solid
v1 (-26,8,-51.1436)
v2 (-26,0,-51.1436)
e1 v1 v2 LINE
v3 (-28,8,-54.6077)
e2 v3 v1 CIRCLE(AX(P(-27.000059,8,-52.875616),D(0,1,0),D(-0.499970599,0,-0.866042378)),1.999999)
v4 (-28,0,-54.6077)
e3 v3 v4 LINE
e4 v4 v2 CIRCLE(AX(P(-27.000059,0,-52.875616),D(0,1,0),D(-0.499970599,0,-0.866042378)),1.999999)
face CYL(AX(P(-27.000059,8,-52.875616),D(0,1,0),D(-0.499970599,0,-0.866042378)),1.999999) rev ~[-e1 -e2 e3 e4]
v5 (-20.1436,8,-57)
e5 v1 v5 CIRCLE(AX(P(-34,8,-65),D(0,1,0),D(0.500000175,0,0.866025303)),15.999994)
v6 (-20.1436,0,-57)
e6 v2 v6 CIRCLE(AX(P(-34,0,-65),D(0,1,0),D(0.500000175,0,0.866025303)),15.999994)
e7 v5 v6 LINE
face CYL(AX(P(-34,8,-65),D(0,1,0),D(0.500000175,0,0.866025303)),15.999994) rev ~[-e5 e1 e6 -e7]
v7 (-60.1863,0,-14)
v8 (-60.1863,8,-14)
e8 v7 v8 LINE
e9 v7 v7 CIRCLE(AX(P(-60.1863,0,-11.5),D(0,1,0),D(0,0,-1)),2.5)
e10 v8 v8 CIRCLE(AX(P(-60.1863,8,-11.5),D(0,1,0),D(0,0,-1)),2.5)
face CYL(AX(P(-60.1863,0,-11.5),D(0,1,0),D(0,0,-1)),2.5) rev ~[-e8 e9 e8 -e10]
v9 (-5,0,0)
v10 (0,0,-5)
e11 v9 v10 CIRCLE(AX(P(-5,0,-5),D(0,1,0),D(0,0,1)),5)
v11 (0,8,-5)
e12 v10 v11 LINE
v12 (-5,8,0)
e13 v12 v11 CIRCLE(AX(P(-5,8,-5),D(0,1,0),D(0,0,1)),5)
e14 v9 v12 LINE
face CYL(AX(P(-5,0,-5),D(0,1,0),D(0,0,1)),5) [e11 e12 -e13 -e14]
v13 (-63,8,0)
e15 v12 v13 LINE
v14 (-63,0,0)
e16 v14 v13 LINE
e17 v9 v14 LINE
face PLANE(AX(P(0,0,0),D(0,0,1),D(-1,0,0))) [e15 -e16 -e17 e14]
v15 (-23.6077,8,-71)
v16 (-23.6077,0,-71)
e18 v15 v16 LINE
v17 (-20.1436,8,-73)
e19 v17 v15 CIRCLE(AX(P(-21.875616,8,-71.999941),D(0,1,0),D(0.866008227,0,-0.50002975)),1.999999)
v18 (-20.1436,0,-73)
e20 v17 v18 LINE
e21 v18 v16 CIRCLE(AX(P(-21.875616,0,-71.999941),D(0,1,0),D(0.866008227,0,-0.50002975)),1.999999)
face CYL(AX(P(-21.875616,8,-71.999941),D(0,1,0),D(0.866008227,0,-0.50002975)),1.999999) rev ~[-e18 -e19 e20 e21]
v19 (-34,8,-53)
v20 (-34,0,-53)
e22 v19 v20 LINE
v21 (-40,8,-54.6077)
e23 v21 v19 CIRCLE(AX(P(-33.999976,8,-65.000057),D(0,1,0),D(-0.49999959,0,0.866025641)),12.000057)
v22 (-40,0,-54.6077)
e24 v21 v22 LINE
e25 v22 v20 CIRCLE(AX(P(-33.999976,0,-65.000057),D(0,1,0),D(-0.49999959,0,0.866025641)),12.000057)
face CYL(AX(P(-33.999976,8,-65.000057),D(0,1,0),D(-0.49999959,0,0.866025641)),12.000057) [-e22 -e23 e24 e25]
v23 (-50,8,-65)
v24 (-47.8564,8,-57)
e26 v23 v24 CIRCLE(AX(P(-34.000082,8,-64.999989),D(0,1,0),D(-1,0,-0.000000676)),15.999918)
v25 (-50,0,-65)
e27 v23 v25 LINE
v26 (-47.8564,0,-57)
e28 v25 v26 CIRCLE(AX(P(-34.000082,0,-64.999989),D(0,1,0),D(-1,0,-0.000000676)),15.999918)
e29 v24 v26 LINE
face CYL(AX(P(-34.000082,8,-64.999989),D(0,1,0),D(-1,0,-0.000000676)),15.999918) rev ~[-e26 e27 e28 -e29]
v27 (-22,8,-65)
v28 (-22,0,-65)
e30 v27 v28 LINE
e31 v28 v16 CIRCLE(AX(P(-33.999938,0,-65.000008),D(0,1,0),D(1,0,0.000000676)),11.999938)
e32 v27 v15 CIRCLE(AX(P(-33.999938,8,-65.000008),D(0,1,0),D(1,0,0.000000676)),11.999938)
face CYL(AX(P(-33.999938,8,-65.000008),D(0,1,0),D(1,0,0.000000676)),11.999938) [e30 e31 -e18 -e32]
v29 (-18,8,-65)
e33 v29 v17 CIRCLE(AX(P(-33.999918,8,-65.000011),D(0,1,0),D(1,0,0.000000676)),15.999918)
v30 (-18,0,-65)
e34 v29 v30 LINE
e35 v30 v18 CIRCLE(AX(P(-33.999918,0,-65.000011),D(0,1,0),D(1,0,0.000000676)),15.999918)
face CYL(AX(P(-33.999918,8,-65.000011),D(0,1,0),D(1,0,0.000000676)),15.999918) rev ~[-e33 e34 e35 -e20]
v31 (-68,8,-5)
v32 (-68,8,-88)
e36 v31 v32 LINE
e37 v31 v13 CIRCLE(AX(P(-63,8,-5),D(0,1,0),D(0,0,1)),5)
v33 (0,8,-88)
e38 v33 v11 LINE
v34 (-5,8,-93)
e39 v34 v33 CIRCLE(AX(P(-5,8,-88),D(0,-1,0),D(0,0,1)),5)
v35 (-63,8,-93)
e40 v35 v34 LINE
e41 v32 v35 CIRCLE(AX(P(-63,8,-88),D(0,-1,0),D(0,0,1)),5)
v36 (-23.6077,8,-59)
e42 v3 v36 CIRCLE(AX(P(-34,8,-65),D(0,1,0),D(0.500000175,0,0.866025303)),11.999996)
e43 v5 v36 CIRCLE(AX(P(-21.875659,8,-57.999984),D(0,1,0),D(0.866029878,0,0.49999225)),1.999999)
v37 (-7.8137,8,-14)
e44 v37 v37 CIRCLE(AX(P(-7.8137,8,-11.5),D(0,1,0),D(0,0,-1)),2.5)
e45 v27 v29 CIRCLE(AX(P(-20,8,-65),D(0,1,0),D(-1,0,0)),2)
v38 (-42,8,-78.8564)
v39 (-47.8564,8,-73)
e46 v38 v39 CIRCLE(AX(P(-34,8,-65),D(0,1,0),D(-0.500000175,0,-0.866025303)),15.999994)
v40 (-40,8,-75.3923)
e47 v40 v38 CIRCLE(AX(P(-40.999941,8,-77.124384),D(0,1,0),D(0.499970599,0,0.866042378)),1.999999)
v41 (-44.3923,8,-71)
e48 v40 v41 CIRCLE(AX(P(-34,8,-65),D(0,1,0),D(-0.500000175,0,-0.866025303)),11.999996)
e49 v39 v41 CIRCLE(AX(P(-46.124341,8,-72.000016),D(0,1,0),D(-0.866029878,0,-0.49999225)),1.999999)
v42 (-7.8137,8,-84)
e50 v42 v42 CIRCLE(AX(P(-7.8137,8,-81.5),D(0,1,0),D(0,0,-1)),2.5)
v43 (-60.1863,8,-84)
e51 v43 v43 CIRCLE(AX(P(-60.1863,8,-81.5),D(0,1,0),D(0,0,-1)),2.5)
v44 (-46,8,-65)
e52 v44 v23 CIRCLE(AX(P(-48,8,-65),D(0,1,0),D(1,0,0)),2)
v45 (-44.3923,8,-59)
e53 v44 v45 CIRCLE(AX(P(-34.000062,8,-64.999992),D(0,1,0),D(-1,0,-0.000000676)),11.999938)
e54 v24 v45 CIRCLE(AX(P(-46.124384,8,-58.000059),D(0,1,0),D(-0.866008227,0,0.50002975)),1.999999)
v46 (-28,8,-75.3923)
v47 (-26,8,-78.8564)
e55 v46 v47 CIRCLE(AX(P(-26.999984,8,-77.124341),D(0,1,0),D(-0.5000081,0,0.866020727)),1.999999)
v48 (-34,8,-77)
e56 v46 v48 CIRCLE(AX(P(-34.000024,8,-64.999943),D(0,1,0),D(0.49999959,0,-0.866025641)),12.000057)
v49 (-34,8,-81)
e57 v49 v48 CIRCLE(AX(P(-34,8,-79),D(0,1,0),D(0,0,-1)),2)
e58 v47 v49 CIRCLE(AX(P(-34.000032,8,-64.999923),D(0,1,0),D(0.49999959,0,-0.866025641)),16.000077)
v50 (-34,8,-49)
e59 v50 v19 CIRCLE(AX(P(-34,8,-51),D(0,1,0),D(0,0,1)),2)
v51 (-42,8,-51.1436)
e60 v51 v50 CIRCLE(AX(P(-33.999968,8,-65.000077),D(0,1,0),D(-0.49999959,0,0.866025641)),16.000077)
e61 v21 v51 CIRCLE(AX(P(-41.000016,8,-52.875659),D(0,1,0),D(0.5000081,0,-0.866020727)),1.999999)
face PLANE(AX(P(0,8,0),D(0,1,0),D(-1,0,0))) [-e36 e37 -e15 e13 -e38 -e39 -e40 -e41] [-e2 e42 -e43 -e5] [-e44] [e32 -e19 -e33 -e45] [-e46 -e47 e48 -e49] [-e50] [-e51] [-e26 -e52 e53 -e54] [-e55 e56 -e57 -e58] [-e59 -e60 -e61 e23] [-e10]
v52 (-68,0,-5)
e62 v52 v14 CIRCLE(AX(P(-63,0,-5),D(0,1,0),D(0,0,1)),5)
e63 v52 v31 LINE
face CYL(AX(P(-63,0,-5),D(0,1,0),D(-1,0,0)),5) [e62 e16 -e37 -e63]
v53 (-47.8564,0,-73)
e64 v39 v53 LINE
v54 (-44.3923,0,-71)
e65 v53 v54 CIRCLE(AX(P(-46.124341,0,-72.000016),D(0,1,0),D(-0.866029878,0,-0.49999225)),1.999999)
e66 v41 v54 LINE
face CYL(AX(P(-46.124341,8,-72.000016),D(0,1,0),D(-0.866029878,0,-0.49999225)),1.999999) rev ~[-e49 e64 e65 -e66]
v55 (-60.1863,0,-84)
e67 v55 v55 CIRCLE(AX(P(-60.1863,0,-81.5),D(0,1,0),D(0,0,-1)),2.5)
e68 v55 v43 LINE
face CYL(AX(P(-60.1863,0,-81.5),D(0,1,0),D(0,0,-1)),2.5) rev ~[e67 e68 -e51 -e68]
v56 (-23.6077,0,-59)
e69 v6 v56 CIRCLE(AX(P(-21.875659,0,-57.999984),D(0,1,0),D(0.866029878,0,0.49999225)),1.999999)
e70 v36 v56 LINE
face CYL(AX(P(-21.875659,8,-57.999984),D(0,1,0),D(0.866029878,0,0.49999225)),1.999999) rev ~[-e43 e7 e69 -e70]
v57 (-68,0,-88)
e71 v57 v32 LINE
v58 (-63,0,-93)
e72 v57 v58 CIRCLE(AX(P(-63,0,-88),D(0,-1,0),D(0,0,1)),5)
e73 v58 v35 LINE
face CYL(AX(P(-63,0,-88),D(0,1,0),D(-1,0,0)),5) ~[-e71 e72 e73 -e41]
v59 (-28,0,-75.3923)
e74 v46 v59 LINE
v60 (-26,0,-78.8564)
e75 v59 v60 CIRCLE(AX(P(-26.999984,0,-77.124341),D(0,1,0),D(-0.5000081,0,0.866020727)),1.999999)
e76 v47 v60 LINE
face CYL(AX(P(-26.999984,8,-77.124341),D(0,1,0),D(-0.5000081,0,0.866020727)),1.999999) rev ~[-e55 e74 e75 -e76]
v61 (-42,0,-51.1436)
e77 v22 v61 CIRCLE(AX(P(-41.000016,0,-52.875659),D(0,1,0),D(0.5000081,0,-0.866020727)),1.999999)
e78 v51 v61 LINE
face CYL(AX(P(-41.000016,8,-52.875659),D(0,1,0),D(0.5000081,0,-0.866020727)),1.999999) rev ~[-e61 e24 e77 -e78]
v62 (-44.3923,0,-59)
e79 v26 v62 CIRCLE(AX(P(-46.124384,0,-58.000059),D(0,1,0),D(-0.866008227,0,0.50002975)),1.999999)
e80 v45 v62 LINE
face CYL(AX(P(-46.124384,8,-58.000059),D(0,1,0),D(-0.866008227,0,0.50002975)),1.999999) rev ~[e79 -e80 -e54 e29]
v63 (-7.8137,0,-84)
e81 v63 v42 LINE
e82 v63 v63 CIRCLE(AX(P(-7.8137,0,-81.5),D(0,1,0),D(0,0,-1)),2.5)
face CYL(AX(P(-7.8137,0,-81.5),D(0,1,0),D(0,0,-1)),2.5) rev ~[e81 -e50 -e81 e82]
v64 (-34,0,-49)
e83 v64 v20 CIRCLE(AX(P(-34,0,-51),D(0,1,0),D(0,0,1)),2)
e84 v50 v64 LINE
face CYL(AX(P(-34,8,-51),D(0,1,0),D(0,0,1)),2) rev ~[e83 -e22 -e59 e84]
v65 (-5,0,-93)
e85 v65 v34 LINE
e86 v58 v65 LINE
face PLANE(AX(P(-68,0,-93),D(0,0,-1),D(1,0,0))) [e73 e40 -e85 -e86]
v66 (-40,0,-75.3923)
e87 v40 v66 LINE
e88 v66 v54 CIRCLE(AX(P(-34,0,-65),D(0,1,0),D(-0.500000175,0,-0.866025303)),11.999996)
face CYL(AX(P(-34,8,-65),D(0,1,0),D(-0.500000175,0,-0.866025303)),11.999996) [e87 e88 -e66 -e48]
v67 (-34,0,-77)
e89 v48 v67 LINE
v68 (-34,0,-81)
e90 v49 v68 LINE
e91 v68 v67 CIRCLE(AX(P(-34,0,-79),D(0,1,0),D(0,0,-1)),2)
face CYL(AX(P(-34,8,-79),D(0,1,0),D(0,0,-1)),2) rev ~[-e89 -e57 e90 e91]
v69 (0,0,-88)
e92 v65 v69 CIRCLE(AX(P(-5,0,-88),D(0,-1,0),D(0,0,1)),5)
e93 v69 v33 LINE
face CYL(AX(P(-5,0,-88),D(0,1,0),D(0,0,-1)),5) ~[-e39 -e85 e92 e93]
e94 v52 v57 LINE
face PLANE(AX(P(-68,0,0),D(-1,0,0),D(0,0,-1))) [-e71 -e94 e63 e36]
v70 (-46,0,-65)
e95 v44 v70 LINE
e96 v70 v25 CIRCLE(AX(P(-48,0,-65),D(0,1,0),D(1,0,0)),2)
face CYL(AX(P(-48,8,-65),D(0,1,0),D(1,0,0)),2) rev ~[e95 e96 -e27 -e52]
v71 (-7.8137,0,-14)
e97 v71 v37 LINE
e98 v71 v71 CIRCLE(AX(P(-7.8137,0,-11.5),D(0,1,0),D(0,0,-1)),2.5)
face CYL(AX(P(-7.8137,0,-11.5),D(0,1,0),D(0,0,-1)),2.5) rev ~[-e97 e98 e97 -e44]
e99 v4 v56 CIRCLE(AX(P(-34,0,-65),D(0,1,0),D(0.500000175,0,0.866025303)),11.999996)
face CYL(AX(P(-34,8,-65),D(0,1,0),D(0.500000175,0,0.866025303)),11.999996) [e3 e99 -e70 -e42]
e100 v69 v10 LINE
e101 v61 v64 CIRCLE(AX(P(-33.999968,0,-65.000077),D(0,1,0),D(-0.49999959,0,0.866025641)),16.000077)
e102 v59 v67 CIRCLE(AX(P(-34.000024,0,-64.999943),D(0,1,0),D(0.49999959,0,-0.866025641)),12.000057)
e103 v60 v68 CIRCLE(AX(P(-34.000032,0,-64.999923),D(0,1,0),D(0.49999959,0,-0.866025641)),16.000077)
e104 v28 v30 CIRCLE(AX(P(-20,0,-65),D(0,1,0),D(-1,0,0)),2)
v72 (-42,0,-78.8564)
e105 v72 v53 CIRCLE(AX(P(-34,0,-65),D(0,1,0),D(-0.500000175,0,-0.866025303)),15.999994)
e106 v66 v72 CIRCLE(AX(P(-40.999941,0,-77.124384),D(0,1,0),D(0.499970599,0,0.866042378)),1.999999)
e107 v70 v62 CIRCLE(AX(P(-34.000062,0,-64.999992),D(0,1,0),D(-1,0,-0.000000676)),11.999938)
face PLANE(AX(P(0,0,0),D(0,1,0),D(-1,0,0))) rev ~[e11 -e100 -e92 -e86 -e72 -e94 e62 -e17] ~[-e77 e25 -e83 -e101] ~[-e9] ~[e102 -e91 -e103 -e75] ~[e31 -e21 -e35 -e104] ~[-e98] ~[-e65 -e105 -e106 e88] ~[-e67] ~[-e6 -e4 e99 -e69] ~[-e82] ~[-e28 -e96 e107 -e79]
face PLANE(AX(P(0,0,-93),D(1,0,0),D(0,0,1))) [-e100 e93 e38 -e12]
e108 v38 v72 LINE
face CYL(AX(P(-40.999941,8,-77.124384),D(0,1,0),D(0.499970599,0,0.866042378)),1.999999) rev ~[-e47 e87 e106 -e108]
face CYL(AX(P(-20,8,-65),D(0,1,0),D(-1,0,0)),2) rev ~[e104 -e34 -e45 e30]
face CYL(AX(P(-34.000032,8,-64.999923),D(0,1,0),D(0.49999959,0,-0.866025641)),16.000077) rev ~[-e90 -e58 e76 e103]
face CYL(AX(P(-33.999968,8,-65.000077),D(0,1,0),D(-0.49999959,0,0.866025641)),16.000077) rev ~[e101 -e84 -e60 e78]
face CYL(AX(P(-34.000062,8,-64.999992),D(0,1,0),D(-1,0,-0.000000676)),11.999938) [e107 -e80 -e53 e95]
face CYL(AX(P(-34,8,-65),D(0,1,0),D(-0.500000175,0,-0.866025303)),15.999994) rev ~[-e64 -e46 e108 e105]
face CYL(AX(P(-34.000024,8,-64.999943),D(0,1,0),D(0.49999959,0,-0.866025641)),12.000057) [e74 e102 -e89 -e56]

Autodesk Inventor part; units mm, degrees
ref_plane "YZ Plane" through (0, 0, 0) normal (1, 0, 0) x (0, 1, 0)
ref_plane "XZ Plane" through (0, 0, 0) normal (0, 1, 0) x (-1, 0, 0)
ref_plane "XY Plane" through (0, 0, 0) normal (0, 0, 1) x (1, 0, 0)
sketch "Sketch1" plane through (0, 0, 0) normal (0, 1, 0) x (-1, 0, 0)
  line L0 (0, 0) -> (68, 0)
  line L1 (68, 0) -> (68, -93)
  line L2 (68, -93) -> (0, -93)
  line L3 (0, -93) -> (0, 0)
  dimension "d0" = 93
  dimension "d1" = 68
extrude "Extrusion1" add sketch "Sketch1" along normal blind 8
fillet "Fillet1" radius 5 2 edges at (0, 4, -93) (-68, 4, -93)
fillet "Fillet2" radius 5 2 edges at (-68, 4, 0) (0, 4, 0)
sketch "Sketch2" plane through (0, 0, 0) normal (0, -1, 0) x (1, 0, 0)
  circle A0 centre (-7.8137, -81.5) radius 4
  circle A1 centre (-60.1863, -81.5) radius 4
  circle A2 centre (-60.1863, -11.5) radius 4
  circle A3 centre (-7.8137, -11.5) radius 4
  circle A4 centre (-34, -36) radius 4
  point P0 (0, 0)
  dimension "d27" = 70
  dimension "d28" = 52.3726
  dimension "d29" = 8
  dimension "d30" = 24.5
  dimension "d31" = 26.1863
  dimension "d32" = 11.5
  dimension "d33" = 7.8137
hole "Hole1" at (-7.8137, 0, -81.5) at (-60.1863, 0, -81.5) at (-60.1863, 0, -11.5) at (-7.8137, 0, -11.5) direction (0, 1, 0) diameter 5 end through all
sketch "Sketch3" plane through (0, 8, 0) normal (0, 1, 0) x (1, 0, 0)
  circle A0 centre (-34, 65) radius 11.8188 construction
  line L0 (-63, 0) -> (-5, 0) projected
  line L1 (0, 5) -> (0, 88) projected
  arc A1 (-27, 77.1244) -> (-34, 79) centre (-34, 65) ccw construction
  arc A2 (-26, 78.8564) -> (-34, 81) centre (-34, 65) ccw
  arc A3 (-28, 75.3923) -> (-34, 77) centre (-34, 65) ccw
  arc A4 (-28, 75.3923) -> (-26, 78.8564) centre (-27, 77.1244) ccw
  arc A5 (-34, 81) -> (-34, 77) centre (-34, 79) ccw
  line L2 (-27, 77.1244) -> (-34, 65) construction
  line L3 (-34, 65) -> (-34, 79) construction
  arc A6 (-41, 77.1244) -> (-46.1244, 72) centre (-34, 65) ccw construction
  arc A7 (-42, 78.8564) -> (-47.8564, 73) centre (-34, 65) ccw
  arc A8 (-40, 75.3923) -> (-44.3923, 71) centre (-34, 65) ccw
  arc A9 (-40, 75.3923) -> (-42, 78.8564) centre (-41, 77.1244) ccw
  arc A10 (-47.8564, 73) -> (-44.3923, 71) centre (-46.1244, 72) ccw
  arc A11 (-48, 65) -> (-46.1244, 58) centre (-34, 65) ccw construction
  arc A12 (-50, 65) -> (-47.8564, 57) centre (-34, 65) ccw
  arc A13 (-46, 65) -> (-44.3923, 59) centre (-34, 65) ccw
  arc A14 (-46, 65) -> (-50, 65) centre (-48, 65) ccw
  arc A15 (-47.8564, 57) -> (-44.3923, 59) centre (-46.1244, 58) ccw
  arc A16 (-41, 52.8756) -> (-34, 51) centre (-34, 65) ccw construction
  arc A17 (-42, 51.1436) -> (-34, 49) centre (-34, 65) ccw
  arc A18 (-40, 54.6077) -> (-34, 53) centre (-34, 65) ccw
  arc A19 (-40, 54.6077) -> (-42, 51.1436) centre (-41, 52.8756) ccw
  arc A20 (-34, 49) -> (-34, 53) centre (-34, 51) ccw
  line L4 (-5, 93) -> (-63, 93) projected
  arc A21 (-27, 52.8756) -> (-21.8756, 58) centre (-34, 65) ccw construction
  arc A22 (-26, 51.1436) -> (-20.1436, 57) centre (-34, 65) ccw
  arc A23 (-28, 54.6077) -> (-23.6077, 59) centre (-34, 65) ccw
  arc A24 (-28, 54.6077) -> (-26, 51.1436) centre (-27, 52.8756) ccw
  arc A25 (-20.1436, 57) -> (-23.6077, 59) centre (-21.8756, 58) ccw
  arc A26 (-20, 65) -> (-21.8756, 72) centre (-34, 65) ccw construction
  arc A27 (-18, 65) -> (-20.1436, 73) centre (-34, 65) ccw
  arc A28 (-22, 65) -> (-23.6077, 71) centre (-34, 65) ccw
  arc A29 (-22, 65) -> (-18, 65) centre (-20, 65) ccw
  arc A30 (-20.1436, 73) -> (-23.6077, 71) centre (-21.8756, 72) ccw
  point P0 (0, 0)
  dimension "d15" = 4
  dimension "d16" = 30
  dimension "d18" = 14
  dimension "d19" = 34
  dimension "d22" = 360
  dimension "d26" = 28
extrude "Extrusion2" cut sketch "Sketch3" against normal through all
properties part number "Z_platte_oben_new" material "PET Plastic"
